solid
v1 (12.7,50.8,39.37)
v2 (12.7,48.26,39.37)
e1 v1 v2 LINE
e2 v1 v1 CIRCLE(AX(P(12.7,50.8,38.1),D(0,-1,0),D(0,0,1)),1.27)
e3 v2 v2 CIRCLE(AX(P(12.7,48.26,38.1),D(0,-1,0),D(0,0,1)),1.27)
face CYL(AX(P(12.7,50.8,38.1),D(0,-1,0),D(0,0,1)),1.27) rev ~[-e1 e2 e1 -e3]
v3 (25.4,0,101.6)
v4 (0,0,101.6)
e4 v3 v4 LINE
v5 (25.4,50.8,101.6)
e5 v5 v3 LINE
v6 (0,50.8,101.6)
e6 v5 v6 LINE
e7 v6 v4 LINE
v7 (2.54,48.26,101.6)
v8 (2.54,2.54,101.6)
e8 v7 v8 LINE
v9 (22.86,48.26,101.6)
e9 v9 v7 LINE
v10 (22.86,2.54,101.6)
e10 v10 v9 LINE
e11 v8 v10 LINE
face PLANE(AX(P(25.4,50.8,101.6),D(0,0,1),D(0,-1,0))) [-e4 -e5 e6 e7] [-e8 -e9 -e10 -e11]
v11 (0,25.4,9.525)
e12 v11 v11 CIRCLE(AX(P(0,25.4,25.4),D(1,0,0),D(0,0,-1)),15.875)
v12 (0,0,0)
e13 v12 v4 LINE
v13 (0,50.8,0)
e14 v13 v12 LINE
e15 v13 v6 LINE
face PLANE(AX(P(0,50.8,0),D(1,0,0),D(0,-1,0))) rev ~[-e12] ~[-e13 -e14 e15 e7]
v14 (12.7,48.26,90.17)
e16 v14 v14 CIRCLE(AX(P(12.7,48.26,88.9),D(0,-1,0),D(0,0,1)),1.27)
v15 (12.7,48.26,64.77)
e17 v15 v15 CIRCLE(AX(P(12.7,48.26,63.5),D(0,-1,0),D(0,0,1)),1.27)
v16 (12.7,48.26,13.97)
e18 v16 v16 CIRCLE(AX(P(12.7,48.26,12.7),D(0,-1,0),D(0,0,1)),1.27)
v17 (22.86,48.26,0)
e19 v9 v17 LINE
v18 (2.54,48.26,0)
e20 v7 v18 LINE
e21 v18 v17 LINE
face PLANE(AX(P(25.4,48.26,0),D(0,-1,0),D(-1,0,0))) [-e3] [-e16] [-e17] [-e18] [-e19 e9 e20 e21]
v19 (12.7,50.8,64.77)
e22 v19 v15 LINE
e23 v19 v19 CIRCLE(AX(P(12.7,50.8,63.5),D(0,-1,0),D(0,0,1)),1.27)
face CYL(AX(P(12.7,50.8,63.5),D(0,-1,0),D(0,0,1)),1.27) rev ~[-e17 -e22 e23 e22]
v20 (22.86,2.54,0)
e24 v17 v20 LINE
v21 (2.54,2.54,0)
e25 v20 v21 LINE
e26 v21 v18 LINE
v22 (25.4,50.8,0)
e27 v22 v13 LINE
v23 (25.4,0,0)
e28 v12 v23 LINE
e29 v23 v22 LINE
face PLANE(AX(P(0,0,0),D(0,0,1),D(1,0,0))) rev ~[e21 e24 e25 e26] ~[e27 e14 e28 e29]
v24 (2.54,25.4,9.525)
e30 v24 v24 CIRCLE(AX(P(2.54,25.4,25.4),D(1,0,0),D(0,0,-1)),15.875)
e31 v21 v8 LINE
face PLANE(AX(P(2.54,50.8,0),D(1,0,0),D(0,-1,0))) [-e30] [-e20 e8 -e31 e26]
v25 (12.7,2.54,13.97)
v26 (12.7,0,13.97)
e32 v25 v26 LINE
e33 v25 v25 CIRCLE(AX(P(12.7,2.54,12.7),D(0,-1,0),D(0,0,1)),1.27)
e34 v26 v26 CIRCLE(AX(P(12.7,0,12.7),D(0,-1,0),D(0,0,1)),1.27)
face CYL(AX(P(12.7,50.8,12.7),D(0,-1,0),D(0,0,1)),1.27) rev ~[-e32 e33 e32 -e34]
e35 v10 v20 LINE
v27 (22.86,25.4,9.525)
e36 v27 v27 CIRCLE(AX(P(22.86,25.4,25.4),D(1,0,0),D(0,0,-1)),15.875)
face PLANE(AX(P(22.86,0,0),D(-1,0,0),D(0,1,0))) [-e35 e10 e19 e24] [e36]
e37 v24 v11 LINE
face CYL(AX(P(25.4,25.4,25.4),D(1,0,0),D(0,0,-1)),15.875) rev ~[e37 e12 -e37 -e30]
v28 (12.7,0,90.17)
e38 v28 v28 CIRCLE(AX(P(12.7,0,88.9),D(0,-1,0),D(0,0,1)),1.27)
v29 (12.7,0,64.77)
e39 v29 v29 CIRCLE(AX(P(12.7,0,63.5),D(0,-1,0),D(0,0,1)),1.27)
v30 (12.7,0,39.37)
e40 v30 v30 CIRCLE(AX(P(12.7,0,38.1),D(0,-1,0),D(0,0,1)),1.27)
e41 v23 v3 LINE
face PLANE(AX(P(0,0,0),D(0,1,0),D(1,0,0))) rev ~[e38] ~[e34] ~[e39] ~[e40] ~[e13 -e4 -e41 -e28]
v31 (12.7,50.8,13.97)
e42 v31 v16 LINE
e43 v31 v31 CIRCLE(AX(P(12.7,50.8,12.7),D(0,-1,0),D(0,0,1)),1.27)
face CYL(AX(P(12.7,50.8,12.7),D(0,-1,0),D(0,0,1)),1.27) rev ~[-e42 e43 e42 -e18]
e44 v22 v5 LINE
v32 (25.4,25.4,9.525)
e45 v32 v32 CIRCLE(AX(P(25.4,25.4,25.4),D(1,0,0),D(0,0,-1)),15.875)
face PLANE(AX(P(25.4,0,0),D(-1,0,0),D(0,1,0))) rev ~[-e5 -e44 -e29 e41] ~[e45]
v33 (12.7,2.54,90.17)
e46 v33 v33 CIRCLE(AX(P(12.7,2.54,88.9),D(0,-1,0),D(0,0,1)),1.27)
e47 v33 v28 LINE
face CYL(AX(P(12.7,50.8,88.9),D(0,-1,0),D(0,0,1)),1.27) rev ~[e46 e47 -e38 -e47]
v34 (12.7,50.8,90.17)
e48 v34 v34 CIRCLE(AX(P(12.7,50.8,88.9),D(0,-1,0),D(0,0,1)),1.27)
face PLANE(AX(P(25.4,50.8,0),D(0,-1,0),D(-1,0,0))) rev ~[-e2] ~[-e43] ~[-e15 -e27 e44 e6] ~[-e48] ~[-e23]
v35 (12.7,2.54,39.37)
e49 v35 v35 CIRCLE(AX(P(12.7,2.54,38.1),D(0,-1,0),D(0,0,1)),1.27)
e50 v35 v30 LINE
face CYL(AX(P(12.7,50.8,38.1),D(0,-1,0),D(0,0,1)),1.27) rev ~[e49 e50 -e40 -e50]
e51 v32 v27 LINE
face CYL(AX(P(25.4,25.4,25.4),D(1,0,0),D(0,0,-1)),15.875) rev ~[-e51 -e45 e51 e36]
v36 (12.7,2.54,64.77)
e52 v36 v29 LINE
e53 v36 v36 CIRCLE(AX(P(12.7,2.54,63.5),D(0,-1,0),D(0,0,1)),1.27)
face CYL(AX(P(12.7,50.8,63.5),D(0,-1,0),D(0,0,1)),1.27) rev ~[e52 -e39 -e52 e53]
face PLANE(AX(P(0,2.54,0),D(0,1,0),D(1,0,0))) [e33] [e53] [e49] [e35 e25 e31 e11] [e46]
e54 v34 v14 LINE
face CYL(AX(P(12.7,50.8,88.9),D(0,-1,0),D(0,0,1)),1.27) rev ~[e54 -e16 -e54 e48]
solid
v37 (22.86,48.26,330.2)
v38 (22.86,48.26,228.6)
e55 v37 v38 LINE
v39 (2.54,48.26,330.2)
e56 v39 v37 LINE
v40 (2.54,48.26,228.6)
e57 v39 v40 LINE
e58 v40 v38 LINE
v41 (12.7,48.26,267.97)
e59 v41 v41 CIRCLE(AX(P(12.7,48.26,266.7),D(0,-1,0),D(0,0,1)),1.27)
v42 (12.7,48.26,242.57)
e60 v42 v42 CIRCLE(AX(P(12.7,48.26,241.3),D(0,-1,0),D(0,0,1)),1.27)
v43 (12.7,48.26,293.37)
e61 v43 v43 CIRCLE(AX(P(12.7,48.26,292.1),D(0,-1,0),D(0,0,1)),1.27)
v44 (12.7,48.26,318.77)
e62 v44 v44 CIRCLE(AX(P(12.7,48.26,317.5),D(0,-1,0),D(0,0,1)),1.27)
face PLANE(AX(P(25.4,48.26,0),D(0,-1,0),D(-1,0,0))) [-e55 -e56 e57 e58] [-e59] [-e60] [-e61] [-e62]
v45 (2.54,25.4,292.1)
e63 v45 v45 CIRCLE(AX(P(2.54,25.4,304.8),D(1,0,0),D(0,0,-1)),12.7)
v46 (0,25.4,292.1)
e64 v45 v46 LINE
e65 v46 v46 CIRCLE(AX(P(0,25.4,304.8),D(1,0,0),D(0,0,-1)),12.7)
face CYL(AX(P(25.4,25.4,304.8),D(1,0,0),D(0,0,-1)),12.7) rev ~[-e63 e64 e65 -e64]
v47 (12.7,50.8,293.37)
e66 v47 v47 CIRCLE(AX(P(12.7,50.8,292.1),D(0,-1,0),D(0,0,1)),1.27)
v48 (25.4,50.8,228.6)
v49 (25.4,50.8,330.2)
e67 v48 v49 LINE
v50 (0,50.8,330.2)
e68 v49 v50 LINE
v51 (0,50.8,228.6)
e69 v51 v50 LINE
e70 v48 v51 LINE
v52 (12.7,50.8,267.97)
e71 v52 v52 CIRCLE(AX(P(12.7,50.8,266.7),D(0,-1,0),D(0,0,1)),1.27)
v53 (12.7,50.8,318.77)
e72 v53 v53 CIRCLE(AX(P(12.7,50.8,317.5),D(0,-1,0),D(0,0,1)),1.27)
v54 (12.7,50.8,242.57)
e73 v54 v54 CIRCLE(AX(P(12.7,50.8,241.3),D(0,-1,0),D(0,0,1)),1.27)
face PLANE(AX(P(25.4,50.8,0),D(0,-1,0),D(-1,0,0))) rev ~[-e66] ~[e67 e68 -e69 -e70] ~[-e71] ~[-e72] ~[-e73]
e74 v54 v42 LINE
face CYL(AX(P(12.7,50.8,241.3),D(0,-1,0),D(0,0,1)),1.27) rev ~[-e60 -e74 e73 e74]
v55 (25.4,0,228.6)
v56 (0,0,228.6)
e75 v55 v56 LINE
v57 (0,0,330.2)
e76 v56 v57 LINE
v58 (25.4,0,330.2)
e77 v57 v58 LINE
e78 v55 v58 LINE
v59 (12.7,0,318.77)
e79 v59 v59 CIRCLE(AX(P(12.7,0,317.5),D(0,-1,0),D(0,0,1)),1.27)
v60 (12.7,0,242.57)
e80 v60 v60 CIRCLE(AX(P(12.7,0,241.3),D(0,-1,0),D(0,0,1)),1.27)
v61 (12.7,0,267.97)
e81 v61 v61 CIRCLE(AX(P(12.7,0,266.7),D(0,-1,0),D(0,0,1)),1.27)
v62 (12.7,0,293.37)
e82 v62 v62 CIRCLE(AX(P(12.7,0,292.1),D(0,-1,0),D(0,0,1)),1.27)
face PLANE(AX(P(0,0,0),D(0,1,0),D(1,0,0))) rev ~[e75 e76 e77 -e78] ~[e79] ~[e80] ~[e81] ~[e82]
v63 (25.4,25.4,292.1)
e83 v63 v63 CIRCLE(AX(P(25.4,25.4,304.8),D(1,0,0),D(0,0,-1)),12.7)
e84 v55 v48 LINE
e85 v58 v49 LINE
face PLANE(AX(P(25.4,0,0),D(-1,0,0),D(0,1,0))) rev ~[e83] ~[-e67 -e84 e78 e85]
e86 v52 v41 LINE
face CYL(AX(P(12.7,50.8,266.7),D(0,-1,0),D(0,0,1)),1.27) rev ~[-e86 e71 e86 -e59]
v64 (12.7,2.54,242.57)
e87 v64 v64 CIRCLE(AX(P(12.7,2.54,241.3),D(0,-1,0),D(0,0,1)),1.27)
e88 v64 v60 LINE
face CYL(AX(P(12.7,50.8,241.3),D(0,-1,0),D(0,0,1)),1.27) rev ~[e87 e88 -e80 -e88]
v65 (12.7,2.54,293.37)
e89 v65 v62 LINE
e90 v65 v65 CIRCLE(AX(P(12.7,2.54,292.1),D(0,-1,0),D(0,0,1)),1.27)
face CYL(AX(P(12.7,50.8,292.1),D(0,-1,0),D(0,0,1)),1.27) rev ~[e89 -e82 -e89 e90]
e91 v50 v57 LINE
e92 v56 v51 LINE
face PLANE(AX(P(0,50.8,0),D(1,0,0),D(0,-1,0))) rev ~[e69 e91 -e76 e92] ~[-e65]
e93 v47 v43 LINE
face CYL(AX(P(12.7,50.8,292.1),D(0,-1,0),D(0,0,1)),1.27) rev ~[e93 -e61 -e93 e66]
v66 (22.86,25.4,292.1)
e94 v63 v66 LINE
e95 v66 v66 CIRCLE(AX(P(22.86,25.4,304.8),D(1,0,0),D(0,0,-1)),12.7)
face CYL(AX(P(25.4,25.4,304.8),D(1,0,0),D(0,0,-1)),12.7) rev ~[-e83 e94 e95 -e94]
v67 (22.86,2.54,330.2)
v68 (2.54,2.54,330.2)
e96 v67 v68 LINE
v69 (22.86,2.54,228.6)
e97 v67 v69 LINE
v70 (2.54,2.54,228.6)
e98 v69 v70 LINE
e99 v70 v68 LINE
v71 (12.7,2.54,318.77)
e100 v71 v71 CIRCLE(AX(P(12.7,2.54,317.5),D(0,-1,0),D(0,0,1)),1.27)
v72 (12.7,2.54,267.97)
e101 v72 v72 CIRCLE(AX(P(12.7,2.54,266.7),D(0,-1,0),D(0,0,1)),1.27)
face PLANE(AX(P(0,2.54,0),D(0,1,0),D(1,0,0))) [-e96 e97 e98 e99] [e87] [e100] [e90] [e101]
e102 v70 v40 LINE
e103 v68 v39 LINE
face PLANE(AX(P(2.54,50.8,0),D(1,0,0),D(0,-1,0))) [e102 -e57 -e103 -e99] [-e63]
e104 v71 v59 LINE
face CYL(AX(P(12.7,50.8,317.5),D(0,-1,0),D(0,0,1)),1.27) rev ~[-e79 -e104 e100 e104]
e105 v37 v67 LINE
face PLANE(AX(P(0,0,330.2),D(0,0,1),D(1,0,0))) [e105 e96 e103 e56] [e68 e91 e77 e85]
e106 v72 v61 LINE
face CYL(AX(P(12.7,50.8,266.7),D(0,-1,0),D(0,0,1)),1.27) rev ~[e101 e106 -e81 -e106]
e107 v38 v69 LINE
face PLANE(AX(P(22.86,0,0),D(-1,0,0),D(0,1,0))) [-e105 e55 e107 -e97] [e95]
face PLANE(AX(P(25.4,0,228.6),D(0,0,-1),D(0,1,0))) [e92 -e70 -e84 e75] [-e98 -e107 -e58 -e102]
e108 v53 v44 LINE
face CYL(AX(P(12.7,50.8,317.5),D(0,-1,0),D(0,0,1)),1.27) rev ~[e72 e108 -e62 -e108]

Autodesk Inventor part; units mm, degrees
ref_plane "YZ Plane" through (0, 0, 0) normal (1, 0, 0) x (0, 1, 0)
ref_plane "XZ Plane" through (0, 0, 0) normal (0, 1, 0) x (-1, 0, 0)
ref_plane "XY Plane" through (0, 0, 0) normal (0, 0, 1) x (1, 0, 0)
sketch "Sketch1" plane through (0, 0, 0) normal (0, 0, 1) x (1, 0, 0)
  line L0 (0, 0) -> (25.4, 0)
  line L1 (25.4, 0) -> (25.4, 50.8)
  line L2 (25.4, 50.8) -> (0, 50.8)
  line L3 (0, 50.8) -> (0, 0)
  dimension "d0" = 25.4
  dimension "d1" = 50.8
extrude "Extrusion1" add sketch "Sketch1" along normal blind 330.2
shell "Shell1" thickness 2.54 removed faces 2 at (8.4667, 33.8667, 0) at (8.4667, 33.8667, 330.2)
sketch "Sketch2" plane through (0, 50.8, 0) normal (0, 1, 0) x (1, 0, 0)
  line L0 (25.4, 0) -> (0, 0) projected
  line L1 (0, 0) -> (0, -330.2) projected
  point P0 (12.7, -12.7)
  point P1 (12.7, -38.1)
  point P2 (12.7, -63.5)
  point P3 (12.7, -88.9)
  point P4 (12.7, -114.3)
  point P5 (12.7, -139.7)
  point P6 (12.7, -165.1)
  point P7 (12.7, -190.5)
  point P8 (12.7, -215.9)
  point P9 (12.7, -241.3)
  point P10 (12.7, -266.7)
  point P11 (12.7, -292.1)
  point P12 (12.7, -317.5)
  point P13 (12.7, -342.9)
  point P14 (12.7, -368.3)
  point P15 (12.7, -393.7)
  point P16 (12.7, -419.1)
  point P17 (12.7, -444.5)
  point P18 (12.7, -469.9)
  point P19 (12.7, -495.3)
  point P20 (12.7, -520.7)
  point P21 (12.7, -546.1)
  point P22 (12.7, -571.5)
  point P23 (12.7, -596.9)
  point P24 (12.7, -622.3)
  point P25 (12.7, -647.7)
  point P26 (12.7, -673.1)
  point P27 (12.7, -698.5)
  point P28 (12.7, -723.9)
  point P29 (12.7, -749.3)
  point P30 (12.7, -774.7)
  point P31 (12.7, -800.1)
  point P32 (12.7, -825.5)
  point P33 (12.7, -850.9)
  point P34 (12.7, -876.3)
  point P35 (12.7, -901.7)
  point P36 (12.7, -927.1)
  dimension "d5" = 12.7
  dimension "d6" = 12.7
  dimension "d9" = 25.4
hole "Hole1" at (12.7, 50.8, 12.7) at (12.7, 50.8, 38.1) at (12.7, 50.8, 63.5) at (12.7, 50.8, 88.9) at (12.7, 50.8, 114.3) at (12.7, 50.8, 139.7) at (12.7, 50.8, 165.1) at (12.7, 50.8, 190.5) at (12.7, 50.8, 215.9) at (12.7, 50.8, 241.3) at (12.7, 50.8, 266.7) at (12.7, 50.8, 292.1) at (12.7, 50.8, 317.5) at (12.7, 50.8, 342.9) at (12.7, 50.8, 368.3) at (12.7, 50.8, 393.7) at (12.7, 50.8, 419.1) at (12.7, 50.8, 444.5) at (12.7, 50.8, 469.9) at (12.7, 50.8, 495.3) at (12.7, 50.8, 520.7) at (12.7, 50.8, 546.1) at (12.7, 50.8, 571.5) at (12.7, 50.8, 596.9) at (12.7, 50.8, 622.3) at (12.7, 50.8, 647.7) at (12.7, 50.8, 673.1) at (12.7, 50.8, 698.5) at (12.7, 50.8, 723.9) at (12.7, 50.8, 749.3) at (12.7, 50.8, 774.7) at (12.7, 50.8, 800.1) at (12.7, 50.8, 825.5) at (12.7, 50.8, 850.9) at (12.7, 50.8, 876.3) at (12.7, 50.8, 901.7) direction (0, -1, 0) diameter 2.54 depth 50.8 tip angle 118
sketch "Sketch10" plane through (25.4, 0, 0) normal (1, 0, 0) x (0, 0, -1)
  line L0 (0, 50.8) -> (-330.2, 50.8) projected
  line L1 (0, 0) -> (0, 50.8) projected
  line L2 (-330.2, 0) -> (-330.2, 50.8) projected
  point P0 (-25.4, 25.4)
  point P1 (-304.8, 25.4)
  dimension "d66" = 25.4
  dimension "d67" = 25.4
  dimension "d68" = 279.4
  dimension "d69" = 25.4
  dimension "d70" = 25.4
hole "Hole5" at (25.4, 25.4, 25.4) at (25.4, 25.4, 304.8) direction (-1, 0, 0) diameter 12.7 depth 25.4 tip angle 118
sketch "Sketch11" plane through (25.4, 0, 0) normal (1, 0, 0) x (0, 0, -1)
  line L0 (0, 50.8) -> (-330.2, 50.8) projected
  line L1 (0, 0) -> (-330.2, 0) projected
  line L2 (-228.6, 50.8) -> (-101.6, 50.8)
  line L3 (-101.6, 50.8) -> (-101.6, 0)
  line L4 (-101.6, 0) -> (-228.6, 0)
  line L5 (-228.6, 0) -> (-228.6, 50.8)
  line L6 (0, 0) -> (0, 50.8) projected
  line L7 (-330.2, 0) -> (-330.2, 50.8) projected
  dimension "d78" = 101.6
  dimension "d79" = 101.6
extrude "Extrusion6" cut sketch "Sketch11" against normal blind 25.4 contours L3 L1 L5 L0
sketch "Sketch12" plane through (25.4, 0, 0) normal (1, 0, 0) x (0, 0, -1)
  circle A0 centre (-25.4, 25.4) radius 6.35 projected
  circle A1 centre (-25.4, 25.4) radius 6.35 projected
  circle A2 centre (-25.4, 25.4) radius 15.875
  circle A3 centre (-25.4, 25.4) radius 9.525
  line L0 (-35.3561, 30.0738) -> (-26.3304, 36.3591)
  line L1 (-26.3304, 36.3591) -> (-16.3743, 31.6853)
  line L2 (-16.3743, 31.6853) -> (-15.4439, 20.7262)
  line L3 (-15.4439, 20.7262) -> (-24.4696, 14.4409)
  line L4 (-24.4696, 14.4409) -> (-34.4257, 19.1147)
  line L5 (-34.4257, 19.1147) -> (-35.3561, 30.0738)
  point P0 (0, 0)
  dimension "d82" = 31.75
  dimension "d83" = 19.05
  dimension "d84" = 19.05
extrude "Extrusion7" cut sketch "Sketch12" against normal blind 25.4 contours A0 | A2 | A3 | A3 L2 L3 | A3 L1 L2 | L3 L4 A3 | A3 L0 L1 | L4 L5 A3 | A3 L5 L0
sketch "Sketch13" plane through (25.4, 0, 330.2) normal (1, 0, 0) x (0, 0, -1)
  line L0 (101.6, 50.8) -> (0, 50.8) projected
  line L1 (101.6, 0) -> (101.6, 50.8) projected
  line L2 (101.6, 50.8) -> (0, 50.8) projected
  line L3 (0, 0) -> (0, 50.8) projected
  line L4 (101.6, 0) -> (0, 0) projected
  circle A0 centre (25.4, 25.4) radius 6.35 projected
  circle A1 centre (25.4, 25.4) radius 12.7
  point P0 (330.2, 0)
  dimension "d87" = 25.4
extrude "Extrusion8" cut sketch "Sketch13" against normal blind 25.4 contours A1
sketch "Sketch14" plane through (25.4, 0, 330.2) normal (1, 0, 0) x (0, 0, -1)
  circle A0 centre (25.4, 25.4) radius 12.7 projected
  line L0 (0, 0) -> (0, 50.8) projected
  point P0 (330.2, 0)
  dimension "d90" = 25.4
equation "\"d69\" = d70"
properties part number "Support Pivs 252" material "Aluminum 6061"
